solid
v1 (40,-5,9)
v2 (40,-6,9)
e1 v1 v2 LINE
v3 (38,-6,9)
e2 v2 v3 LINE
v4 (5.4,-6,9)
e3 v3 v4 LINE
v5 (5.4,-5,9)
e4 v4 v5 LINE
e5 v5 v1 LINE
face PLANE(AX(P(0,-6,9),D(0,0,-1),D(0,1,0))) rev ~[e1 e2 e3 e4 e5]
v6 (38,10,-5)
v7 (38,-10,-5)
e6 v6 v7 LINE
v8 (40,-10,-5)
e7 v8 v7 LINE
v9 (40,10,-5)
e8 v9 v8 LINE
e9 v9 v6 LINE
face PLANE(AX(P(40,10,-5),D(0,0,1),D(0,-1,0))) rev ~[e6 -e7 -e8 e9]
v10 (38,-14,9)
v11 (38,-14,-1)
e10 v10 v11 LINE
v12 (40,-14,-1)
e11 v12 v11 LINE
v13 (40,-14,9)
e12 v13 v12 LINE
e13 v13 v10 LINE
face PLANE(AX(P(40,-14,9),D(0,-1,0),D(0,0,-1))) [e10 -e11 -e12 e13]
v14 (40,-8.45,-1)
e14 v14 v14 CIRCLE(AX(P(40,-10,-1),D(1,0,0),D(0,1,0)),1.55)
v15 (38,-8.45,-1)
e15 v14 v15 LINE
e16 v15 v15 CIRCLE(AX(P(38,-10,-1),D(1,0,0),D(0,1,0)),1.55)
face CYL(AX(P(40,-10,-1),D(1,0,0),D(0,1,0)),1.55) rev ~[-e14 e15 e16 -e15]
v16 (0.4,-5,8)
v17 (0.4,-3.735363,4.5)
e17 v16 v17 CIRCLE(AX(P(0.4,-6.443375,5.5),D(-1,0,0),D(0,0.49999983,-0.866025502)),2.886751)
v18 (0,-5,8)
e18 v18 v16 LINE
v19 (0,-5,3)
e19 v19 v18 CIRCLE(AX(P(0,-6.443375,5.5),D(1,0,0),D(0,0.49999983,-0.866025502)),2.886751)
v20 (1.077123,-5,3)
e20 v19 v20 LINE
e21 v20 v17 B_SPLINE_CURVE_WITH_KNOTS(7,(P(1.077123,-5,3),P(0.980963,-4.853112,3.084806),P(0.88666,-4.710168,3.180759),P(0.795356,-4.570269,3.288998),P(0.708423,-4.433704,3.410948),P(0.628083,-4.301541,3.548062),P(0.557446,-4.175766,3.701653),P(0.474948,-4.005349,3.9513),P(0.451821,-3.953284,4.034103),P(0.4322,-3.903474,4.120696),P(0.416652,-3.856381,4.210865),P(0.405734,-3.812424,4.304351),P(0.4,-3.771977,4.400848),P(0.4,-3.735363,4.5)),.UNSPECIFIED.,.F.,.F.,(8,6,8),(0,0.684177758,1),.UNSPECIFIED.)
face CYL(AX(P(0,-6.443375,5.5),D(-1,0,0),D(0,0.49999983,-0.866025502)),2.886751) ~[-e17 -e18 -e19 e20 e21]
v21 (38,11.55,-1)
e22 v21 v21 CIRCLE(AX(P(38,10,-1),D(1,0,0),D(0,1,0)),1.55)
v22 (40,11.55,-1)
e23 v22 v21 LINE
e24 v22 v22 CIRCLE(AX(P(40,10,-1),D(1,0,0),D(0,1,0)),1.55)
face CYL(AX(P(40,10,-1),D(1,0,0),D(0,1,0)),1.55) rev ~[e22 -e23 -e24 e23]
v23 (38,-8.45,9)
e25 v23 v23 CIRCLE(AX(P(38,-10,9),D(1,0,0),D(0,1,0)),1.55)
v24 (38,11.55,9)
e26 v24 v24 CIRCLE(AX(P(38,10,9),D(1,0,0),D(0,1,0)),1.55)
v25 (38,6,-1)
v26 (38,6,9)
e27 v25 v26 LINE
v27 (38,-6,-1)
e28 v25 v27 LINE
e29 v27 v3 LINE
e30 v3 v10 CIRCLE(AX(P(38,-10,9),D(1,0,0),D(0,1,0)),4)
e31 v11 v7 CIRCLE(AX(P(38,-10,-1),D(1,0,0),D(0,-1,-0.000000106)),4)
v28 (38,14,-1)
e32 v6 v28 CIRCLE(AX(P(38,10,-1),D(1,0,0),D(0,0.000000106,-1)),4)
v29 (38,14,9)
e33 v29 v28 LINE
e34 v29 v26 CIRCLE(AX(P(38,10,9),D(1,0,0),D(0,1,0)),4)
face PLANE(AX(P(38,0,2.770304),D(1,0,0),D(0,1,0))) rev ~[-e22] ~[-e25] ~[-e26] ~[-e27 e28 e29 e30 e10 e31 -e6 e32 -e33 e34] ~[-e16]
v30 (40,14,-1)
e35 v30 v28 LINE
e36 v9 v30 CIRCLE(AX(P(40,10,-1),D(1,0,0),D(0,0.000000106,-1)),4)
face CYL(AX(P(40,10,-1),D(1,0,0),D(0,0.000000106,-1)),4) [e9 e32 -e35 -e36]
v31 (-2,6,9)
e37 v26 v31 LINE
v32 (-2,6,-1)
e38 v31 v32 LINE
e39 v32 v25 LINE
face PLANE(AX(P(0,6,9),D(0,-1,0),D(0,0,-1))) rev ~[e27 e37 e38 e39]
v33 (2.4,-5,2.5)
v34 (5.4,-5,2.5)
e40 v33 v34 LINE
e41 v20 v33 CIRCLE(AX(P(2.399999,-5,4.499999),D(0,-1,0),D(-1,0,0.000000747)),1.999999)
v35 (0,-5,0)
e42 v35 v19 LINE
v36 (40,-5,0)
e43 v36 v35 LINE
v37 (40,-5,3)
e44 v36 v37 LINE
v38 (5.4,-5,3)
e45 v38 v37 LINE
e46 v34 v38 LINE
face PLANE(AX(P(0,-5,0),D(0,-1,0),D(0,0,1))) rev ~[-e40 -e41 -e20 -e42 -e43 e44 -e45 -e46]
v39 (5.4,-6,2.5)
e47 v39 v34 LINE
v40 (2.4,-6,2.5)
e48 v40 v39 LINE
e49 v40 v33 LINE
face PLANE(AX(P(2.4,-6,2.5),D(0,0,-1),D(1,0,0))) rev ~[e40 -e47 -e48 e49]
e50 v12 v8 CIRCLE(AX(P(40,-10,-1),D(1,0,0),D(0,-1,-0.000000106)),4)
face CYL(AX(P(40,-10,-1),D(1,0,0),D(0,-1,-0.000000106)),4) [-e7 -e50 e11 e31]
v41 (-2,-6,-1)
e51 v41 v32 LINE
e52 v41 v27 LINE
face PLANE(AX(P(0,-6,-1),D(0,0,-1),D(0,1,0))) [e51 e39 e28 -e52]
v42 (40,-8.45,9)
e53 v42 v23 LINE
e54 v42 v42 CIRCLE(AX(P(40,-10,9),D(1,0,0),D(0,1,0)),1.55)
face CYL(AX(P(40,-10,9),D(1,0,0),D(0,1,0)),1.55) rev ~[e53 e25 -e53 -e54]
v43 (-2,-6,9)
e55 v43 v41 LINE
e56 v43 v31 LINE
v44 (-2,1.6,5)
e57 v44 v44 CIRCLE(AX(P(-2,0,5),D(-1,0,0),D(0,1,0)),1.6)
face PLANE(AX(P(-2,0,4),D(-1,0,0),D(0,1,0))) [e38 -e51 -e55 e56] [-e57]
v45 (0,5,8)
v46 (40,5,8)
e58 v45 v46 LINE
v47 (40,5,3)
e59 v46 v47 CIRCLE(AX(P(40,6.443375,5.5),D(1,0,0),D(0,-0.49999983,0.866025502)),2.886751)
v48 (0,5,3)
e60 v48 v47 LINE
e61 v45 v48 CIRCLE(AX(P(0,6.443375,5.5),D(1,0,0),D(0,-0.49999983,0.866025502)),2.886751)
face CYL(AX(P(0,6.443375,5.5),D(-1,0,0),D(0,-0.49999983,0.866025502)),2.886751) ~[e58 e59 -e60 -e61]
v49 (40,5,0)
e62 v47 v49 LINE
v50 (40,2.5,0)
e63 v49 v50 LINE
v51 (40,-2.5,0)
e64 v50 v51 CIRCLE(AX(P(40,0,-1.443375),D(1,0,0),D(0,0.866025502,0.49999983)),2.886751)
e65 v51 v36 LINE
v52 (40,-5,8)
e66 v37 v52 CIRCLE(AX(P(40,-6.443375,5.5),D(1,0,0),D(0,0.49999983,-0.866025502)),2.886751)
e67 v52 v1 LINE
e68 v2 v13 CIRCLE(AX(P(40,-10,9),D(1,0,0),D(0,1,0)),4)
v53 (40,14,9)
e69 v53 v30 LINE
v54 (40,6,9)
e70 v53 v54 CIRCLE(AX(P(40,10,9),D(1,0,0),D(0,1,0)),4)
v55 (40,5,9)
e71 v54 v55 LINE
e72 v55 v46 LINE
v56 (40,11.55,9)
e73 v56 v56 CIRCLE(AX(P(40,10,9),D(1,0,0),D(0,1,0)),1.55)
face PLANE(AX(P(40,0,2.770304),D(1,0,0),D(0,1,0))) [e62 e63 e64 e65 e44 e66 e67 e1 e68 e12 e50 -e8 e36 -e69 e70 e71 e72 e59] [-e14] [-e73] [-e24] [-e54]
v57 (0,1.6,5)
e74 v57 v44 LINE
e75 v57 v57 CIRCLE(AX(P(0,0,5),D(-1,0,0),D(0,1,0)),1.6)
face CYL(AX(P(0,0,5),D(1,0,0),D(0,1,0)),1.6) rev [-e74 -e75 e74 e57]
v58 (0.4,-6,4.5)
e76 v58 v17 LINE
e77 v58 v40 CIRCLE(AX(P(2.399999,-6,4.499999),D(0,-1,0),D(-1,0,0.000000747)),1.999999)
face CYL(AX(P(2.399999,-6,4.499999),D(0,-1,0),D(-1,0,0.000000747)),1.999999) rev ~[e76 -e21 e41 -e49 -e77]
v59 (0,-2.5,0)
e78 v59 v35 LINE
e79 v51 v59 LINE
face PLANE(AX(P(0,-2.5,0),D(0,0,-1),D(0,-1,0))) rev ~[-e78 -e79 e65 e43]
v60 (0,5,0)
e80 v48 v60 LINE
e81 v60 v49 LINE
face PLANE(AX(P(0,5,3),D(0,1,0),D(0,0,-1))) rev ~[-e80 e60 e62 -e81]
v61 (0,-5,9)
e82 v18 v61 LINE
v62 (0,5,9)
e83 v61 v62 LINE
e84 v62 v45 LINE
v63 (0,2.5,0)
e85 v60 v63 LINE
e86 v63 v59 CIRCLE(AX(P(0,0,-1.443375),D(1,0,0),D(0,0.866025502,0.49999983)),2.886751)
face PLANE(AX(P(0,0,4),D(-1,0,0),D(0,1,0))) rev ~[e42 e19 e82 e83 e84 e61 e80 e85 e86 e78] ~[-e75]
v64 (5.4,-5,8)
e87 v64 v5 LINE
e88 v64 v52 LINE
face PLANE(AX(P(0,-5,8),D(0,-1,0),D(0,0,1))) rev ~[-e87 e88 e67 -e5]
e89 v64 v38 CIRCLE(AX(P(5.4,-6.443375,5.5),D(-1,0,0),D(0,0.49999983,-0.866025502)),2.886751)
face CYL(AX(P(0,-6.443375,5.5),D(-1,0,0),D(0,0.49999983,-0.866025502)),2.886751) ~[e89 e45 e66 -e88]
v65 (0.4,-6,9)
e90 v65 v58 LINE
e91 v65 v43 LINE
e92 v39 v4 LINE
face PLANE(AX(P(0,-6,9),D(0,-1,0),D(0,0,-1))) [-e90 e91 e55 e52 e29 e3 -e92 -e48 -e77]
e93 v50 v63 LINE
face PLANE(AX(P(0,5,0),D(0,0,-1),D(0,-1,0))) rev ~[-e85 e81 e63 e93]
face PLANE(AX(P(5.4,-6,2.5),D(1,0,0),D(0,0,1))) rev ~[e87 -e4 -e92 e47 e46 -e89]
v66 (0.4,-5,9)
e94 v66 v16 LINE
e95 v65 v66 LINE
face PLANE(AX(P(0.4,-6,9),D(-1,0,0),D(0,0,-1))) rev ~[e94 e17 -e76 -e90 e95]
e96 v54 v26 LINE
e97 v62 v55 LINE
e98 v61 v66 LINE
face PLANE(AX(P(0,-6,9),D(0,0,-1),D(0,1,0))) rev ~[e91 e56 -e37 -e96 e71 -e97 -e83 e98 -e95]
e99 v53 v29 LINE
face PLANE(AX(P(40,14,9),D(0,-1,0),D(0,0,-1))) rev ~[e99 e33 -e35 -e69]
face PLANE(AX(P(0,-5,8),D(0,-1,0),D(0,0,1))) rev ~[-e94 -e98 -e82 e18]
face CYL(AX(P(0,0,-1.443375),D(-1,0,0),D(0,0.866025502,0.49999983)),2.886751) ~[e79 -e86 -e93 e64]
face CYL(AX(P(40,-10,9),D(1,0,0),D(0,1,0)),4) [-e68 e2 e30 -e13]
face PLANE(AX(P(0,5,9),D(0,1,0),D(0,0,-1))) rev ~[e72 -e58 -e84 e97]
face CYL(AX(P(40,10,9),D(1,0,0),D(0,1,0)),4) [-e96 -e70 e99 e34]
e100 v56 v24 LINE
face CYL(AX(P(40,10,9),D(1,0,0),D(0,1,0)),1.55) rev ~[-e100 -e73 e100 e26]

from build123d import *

# Parameters (mm, degrees)
PAD_DEPTH    = 40
SKETCH001_W  = 12
SKETCH001_H  = 10
SKETCH001_R  = 1.6
PAD001_DEPTH = 2
SKETCH002_R  = 1.55
PAD002_DEPTH = 2
POCKET_DEPTH = 5


with BuildPart() as part:
    # Sketch → Pad (new body)
    with BuildSketch(Plane.YZ):
        with BuildLine():
            Line((-5, 8), (-5, 9))
            Line((-5, 9), (-6, 9))
            Line((-6, 9), (-6, -1))
            Line((-6, -1), (6, -1))
            Line((6, -1), (6, 9))
            Line((6, 9), (5, 9))
            Line((5, 9), (5, 8))
            ThreePointArc((5, 8), (3.556624, 5.5), (5, 3))
            Line((5, 3), (5, 0))
            Line((5, 0), (2.5, 0))
            ThreePointArc((2.5, 0), (0, 1.443376), (-2.5, 0))
            Line((-2.5, 0), (-5, 0))
            Line((-5, 0), (-5, 3))
            ThreePointArc((-5, 3), (-3.556624, 5.5), (-5, 8))
        make_face()
    extrude(amount=PAD_DEPTH)

    # Sketch001 (on Face15 of Pad) → Pad001 (join)
    with BuildSketch(Plane(origin=(0, 0, 0), x_dir=(0, 1, 0), z_dir=(-1, 0, 0))):
        with Locations((0, -4)):
            Rectangle(SKETCH001_W, SKETCH001_H)
        with Locations((0, -5)):
            Circle(SKETCH001_R, mode=Mode.SUBTRACT)
    extrude(amount=PAD001_DEPTH)

    # Sketch002 (on Face5 of Pad001) → Pad002 (join)
    with BuildSketch(Plane.YZ.offset(40)):
        with BuildLine():
            ThreePointArc((-6, 9), (-10, 13), (-14, 9))
            Line((-14, 9), (-14, -1))
            ThreePointArc((-14, -1), (-12.828427, -3.828427), (-10, -5))
            Line((10, -5), (-10, -5))
            ThreePointArc((10, -5), (12.828427, -3.828427), (14, -1))
            Line((14, 9), (14, -1))
            ThreePointArc((14, 9), (10, 13), (6, 9))
            Line((5, 0), (6, 9))
            Line((-5, 0), (5, 0))
            Line((-6, 9), (-5, 0))
        make_face()
        with Locations((-10, 9)):
            Circle(SKETCH002_R, mode=Mode.SUBTRACT)
        with Locations((10, 9)):
            Circle(SKETCH002_R, mode=Mode.SUBTRACT)
        with Locations((10, -1)):
            Circle(SKETCH002_R, mode=Mode.SUBTRACT)
        with Locations((-10, -1)):
            Circle(SKETCH002_R, mode=Mode.SUBTRACT)
    extrude(amount=-PAD002_DEPTH)

    # Sketch003 (on Face7 of Pad002) → Pocket (cut)
    with BuildSketch(Plane(origin=(0, -6, 0), x_dir=(0, 0, -1), z_dir=(0, -1, 0))):
        with BuildLine():
            Line((-9, 0.4), (-4.5, 0.4))
            ThreePointArc((-4.5, 0.4), (-3.085786, 0.985786), (-2.5, 2.4))
            Line((-2.5, 2.4), (-2.5, 5.4))
            Line((-2.5, 5.4), (-9, 5.4))
            Line((-9, 5.4), (-9, 0.4))
        make_face()
    extrude(amount=-POCKET_DEPTH, mode=Mode.SUBTRACT)


solid = part.part
